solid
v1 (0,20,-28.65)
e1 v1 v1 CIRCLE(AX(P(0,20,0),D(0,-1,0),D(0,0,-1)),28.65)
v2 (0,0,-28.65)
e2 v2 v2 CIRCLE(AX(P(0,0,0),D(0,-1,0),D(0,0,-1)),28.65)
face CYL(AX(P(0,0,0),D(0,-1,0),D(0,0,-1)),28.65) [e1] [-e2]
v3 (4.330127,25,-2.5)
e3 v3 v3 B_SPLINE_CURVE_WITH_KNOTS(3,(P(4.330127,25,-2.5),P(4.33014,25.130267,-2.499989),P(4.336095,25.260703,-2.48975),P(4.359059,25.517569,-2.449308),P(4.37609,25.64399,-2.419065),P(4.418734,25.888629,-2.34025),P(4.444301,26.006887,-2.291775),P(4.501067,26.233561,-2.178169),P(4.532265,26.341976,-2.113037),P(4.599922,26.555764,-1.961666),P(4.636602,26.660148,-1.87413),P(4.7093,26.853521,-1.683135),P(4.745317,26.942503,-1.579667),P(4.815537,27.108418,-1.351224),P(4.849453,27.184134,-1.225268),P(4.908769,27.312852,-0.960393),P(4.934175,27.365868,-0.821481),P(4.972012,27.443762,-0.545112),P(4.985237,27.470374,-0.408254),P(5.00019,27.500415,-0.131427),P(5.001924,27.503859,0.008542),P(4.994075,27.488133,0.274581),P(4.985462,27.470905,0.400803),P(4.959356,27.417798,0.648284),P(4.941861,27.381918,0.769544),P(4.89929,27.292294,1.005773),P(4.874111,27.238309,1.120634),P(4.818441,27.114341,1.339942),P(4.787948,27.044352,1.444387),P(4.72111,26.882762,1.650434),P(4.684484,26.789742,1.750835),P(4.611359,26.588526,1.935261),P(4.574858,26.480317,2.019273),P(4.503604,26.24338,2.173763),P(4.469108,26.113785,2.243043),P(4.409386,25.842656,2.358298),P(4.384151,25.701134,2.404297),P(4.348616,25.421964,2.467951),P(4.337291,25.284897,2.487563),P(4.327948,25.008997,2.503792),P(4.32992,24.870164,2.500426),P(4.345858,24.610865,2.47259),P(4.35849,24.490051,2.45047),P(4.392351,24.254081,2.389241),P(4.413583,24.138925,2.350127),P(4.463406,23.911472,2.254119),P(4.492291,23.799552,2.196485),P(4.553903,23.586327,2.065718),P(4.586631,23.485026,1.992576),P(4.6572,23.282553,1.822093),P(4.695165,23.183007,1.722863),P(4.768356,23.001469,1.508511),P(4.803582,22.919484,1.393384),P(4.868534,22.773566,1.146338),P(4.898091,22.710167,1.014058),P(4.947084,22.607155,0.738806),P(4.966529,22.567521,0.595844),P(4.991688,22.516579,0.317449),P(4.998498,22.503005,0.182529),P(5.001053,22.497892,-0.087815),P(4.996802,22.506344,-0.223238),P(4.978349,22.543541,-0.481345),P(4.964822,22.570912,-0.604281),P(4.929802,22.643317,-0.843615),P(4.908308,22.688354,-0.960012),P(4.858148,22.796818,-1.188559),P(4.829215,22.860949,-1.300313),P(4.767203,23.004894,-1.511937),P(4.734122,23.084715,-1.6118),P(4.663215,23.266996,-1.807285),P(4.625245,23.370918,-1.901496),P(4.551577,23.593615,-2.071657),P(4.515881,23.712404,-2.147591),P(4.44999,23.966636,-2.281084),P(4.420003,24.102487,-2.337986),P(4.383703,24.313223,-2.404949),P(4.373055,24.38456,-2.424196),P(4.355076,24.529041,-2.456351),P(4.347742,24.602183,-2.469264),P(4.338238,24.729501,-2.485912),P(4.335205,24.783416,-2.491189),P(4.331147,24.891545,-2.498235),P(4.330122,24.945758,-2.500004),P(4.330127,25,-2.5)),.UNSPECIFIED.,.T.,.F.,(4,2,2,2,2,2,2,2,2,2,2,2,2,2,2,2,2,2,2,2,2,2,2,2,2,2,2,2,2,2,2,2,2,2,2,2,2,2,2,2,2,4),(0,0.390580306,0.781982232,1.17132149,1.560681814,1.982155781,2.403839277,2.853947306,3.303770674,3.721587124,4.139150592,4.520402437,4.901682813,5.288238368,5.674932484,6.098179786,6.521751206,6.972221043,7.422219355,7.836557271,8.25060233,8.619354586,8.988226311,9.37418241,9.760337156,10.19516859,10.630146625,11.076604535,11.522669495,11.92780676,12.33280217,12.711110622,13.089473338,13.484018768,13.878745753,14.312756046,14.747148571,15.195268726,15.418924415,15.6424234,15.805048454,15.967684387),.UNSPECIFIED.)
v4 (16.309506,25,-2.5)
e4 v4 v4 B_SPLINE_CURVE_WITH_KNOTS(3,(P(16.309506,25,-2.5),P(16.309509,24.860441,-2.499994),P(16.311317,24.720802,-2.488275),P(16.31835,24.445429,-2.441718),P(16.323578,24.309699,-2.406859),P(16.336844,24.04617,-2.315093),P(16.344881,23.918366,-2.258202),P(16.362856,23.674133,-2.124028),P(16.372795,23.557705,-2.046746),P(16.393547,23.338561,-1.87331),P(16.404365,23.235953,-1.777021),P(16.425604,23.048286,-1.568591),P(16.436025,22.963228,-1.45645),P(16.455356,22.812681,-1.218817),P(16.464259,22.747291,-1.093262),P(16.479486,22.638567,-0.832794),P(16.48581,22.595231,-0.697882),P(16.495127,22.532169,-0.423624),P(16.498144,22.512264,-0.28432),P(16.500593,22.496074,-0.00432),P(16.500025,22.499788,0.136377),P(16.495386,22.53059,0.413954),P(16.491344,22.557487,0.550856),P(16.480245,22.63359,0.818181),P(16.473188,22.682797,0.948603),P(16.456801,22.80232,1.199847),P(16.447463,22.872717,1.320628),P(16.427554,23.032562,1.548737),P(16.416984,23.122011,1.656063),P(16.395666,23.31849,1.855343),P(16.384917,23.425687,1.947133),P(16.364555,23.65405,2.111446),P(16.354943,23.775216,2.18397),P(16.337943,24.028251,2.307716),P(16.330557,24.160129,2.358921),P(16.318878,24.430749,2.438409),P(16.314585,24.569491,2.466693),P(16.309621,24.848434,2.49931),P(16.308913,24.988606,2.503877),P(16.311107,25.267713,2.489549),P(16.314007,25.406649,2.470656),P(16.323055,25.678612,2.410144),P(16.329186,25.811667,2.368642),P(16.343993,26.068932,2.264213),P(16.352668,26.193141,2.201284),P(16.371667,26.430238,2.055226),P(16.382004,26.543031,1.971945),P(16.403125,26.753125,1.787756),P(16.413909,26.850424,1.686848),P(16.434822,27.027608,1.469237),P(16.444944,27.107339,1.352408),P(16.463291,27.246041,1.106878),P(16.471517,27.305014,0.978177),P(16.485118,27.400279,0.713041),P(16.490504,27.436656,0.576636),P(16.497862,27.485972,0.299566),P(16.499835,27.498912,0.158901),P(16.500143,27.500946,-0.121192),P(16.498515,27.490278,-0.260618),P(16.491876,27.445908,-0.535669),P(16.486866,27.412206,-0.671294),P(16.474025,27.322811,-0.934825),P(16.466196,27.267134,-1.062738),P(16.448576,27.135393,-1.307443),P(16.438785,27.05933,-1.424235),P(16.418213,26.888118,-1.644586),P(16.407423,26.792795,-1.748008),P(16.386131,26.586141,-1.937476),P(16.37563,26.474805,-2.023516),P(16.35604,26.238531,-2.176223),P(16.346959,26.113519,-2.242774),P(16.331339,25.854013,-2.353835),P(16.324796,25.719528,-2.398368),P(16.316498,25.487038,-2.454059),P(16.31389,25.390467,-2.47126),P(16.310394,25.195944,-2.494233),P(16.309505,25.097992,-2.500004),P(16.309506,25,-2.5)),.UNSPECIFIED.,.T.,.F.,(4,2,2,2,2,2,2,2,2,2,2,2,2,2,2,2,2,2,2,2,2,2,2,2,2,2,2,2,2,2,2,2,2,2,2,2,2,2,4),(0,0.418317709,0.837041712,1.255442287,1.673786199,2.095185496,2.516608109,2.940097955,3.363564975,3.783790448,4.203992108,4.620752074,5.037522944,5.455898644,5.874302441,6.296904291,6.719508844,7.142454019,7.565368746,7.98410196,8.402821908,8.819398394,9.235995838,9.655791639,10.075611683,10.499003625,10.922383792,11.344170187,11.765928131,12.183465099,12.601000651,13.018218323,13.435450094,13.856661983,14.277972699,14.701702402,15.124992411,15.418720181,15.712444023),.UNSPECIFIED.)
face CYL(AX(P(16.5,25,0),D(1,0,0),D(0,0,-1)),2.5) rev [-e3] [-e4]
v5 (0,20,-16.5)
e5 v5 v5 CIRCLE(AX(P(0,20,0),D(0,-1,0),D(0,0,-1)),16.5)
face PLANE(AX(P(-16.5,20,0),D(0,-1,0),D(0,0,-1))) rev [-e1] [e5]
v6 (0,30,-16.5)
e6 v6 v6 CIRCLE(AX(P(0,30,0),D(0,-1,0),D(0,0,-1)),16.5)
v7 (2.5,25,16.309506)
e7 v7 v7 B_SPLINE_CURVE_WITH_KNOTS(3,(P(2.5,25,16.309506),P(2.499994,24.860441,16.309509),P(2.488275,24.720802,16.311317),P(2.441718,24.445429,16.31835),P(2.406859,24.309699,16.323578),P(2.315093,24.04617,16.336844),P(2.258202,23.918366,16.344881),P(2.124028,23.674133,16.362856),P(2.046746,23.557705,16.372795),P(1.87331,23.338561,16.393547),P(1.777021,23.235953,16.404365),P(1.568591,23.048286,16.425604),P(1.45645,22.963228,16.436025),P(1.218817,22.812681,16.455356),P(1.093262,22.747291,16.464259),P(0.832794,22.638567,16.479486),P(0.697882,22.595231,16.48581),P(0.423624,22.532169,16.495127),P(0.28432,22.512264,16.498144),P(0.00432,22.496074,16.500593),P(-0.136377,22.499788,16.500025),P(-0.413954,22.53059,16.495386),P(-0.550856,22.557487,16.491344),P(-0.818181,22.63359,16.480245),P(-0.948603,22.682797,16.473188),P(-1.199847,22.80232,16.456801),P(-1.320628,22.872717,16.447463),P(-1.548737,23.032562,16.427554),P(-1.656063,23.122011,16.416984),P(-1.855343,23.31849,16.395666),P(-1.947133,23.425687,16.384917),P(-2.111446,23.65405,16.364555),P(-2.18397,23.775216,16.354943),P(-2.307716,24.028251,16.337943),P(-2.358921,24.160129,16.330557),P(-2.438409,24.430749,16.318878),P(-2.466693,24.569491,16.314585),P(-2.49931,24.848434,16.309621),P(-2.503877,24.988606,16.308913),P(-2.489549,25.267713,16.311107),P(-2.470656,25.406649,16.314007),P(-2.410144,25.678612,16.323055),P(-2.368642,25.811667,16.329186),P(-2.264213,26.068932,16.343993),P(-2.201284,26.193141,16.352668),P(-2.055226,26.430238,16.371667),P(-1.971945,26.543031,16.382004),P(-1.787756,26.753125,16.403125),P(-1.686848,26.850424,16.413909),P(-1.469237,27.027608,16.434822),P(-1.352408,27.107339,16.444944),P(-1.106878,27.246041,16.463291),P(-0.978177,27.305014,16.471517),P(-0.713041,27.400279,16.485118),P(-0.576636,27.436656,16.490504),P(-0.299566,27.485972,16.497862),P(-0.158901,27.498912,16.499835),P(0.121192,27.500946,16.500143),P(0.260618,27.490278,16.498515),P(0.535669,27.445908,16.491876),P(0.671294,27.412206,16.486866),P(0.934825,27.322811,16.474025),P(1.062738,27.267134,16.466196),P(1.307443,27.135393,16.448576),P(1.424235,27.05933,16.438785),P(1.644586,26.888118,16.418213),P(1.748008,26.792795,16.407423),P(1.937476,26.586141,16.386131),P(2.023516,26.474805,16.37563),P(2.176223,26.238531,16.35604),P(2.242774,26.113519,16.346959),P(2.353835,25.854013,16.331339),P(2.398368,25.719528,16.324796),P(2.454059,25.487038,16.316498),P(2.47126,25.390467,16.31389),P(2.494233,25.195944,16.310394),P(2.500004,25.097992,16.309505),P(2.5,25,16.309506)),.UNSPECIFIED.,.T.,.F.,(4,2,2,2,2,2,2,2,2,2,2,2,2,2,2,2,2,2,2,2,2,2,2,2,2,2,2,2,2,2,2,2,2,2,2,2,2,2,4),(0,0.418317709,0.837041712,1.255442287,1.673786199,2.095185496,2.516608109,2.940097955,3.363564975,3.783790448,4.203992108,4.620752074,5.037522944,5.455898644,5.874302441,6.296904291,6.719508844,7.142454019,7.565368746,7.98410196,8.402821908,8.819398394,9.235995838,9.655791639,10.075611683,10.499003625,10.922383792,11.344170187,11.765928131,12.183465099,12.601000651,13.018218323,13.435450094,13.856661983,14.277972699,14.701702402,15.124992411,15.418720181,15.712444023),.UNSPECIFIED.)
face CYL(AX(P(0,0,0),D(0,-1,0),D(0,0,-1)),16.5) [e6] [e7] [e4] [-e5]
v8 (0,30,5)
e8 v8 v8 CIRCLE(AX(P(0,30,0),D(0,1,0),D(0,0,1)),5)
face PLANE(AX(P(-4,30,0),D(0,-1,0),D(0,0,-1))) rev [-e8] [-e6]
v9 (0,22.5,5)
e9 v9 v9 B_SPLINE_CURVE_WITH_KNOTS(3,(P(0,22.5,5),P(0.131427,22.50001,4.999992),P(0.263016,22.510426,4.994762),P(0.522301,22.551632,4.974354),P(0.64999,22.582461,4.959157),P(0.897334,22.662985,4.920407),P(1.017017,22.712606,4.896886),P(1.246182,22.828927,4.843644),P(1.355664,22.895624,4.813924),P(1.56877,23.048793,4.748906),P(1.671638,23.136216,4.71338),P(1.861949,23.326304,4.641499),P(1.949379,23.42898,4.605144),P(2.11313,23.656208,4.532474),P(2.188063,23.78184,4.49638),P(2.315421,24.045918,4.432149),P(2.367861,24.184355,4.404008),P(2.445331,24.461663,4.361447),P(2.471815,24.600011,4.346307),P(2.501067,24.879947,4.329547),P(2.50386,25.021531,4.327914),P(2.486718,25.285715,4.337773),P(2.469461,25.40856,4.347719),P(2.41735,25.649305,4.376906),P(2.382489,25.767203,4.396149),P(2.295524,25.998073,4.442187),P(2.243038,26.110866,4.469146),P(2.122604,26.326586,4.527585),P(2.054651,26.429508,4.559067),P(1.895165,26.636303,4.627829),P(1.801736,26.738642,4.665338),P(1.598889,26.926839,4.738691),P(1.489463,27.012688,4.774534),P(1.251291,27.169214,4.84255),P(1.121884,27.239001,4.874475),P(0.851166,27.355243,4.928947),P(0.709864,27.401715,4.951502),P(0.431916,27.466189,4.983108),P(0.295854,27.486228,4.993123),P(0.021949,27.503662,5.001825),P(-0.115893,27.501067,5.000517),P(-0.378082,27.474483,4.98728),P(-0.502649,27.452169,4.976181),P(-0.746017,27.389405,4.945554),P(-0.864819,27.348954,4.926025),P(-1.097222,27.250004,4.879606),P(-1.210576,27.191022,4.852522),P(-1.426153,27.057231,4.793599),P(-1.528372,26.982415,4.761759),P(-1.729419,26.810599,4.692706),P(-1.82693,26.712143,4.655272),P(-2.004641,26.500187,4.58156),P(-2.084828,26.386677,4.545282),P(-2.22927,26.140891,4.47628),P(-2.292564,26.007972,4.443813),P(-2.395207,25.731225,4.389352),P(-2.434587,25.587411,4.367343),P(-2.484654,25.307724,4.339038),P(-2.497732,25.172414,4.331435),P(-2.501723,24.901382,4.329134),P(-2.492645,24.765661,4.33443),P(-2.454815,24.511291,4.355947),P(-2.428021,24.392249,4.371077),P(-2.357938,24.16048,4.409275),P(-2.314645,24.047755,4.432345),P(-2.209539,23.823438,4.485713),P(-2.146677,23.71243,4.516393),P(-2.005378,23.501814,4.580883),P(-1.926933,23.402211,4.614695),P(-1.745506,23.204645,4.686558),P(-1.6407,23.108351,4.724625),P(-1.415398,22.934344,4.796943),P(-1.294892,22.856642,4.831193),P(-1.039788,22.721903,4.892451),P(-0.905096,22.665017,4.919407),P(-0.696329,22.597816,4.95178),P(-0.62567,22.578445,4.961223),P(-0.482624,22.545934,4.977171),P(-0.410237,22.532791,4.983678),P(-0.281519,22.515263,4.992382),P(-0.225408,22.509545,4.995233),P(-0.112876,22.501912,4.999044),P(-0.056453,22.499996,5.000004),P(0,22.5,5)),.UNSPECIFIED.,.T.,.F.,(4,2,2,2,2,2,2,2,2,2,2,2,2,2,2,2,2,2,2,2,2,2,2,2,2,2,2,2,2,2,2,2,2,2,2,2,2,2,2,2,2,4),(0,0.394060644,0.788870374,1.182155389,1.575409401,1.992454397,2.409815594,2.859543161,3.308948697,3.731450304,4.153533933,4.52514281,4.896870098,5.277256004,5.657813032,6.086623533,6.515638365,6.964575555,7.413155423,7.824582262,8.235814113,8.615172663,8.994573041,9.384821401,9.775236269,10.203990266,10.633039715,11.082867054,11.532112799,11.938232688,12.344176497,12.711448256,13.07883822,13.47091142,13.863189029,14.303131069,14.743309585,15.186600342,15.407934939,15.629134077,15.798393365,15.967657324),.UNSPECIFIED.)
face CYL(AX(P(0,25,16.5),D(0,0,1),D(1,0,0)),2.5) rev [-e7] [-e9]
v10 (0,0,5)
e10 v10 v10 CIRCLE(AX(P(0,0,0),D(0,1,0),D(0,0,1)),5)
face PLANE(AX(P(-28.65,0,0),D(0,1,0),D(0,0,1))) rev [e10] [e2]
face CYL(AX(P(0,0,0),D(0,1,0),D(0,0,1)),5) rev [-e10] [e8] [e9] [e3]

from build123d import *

# Parameters (mm, degrees)
CROQUIS3_R            = 5
CORTAR_EXTRUIR1_DEPTH = 51.41472999
MATRIZC1_COUNT        = 2
MATRIZC1_ANGLE        = 90


with BuildPart() as part:
    # Croquis1 → Revolución1 (revolve)
    with BuildSketch(Plane.XY, mode=Mode.PRIVATE) as revoluci_n1_sk:
        Polygon((-4, 0), (-4, 30), (-16.5, 30), (-16.5, 20), (-28.65, 20), (-28.65, 0), align=None)
    revolve(revoluci_n1_sk.sketch.rotate(Axis((0, 0, 0), (0, 1, 0)), 270), axis=Axis((0, 0, 0), (0, 1, 0)))

    # Croquis3 → Cortar-Extruir1 (cut, through all)
    with BuildSketch(Plane(origin=(0, 30, 0), x_dir=(1, 0, 0), z_dir=(0, 1, 0))):
        with Locations(Location((0, 0, 0), (0, 0, 270))):
            Circle(CROQUIS3_R)
    extrude(amount=-CORTAR_EXTRUIR1_DEPTH, mode=Mode.SUBTRACT)

    # Croquis6 → Taladro roscado M6x1.01 (revolve, cut)
    with BuildSketch(Plane(origin=(16.5, 25, 0), x_dir=(0, 0, -1), z_dir=(0, 1, 0))):
        Polygon((0, 0), (0, 18.502151548), (2.5, 17), (2.5, 0), align=None)
    taladro_roscado_m6x1_01 = revolve(axis=Axis((22.85, 25, 0), (-1, 0, 0)), mode=Mode.SUBTRACT)

    # MatrizC1: Taladro roscado M6x1.01 ×2 about axis
    matrizc1_axis = Axis((0, 30, 0), (0, -1, 0))
    for i in range(1, MATRIZC1_COUNT):
        add(taladro_roscado_m6x1_01.rotate(matrizc1_axis, i * MATRIZC1_ANGLE / (MATRIZC1_COUNT - 1)), mode=Mode.SUBTRACT)


solid = part.part
